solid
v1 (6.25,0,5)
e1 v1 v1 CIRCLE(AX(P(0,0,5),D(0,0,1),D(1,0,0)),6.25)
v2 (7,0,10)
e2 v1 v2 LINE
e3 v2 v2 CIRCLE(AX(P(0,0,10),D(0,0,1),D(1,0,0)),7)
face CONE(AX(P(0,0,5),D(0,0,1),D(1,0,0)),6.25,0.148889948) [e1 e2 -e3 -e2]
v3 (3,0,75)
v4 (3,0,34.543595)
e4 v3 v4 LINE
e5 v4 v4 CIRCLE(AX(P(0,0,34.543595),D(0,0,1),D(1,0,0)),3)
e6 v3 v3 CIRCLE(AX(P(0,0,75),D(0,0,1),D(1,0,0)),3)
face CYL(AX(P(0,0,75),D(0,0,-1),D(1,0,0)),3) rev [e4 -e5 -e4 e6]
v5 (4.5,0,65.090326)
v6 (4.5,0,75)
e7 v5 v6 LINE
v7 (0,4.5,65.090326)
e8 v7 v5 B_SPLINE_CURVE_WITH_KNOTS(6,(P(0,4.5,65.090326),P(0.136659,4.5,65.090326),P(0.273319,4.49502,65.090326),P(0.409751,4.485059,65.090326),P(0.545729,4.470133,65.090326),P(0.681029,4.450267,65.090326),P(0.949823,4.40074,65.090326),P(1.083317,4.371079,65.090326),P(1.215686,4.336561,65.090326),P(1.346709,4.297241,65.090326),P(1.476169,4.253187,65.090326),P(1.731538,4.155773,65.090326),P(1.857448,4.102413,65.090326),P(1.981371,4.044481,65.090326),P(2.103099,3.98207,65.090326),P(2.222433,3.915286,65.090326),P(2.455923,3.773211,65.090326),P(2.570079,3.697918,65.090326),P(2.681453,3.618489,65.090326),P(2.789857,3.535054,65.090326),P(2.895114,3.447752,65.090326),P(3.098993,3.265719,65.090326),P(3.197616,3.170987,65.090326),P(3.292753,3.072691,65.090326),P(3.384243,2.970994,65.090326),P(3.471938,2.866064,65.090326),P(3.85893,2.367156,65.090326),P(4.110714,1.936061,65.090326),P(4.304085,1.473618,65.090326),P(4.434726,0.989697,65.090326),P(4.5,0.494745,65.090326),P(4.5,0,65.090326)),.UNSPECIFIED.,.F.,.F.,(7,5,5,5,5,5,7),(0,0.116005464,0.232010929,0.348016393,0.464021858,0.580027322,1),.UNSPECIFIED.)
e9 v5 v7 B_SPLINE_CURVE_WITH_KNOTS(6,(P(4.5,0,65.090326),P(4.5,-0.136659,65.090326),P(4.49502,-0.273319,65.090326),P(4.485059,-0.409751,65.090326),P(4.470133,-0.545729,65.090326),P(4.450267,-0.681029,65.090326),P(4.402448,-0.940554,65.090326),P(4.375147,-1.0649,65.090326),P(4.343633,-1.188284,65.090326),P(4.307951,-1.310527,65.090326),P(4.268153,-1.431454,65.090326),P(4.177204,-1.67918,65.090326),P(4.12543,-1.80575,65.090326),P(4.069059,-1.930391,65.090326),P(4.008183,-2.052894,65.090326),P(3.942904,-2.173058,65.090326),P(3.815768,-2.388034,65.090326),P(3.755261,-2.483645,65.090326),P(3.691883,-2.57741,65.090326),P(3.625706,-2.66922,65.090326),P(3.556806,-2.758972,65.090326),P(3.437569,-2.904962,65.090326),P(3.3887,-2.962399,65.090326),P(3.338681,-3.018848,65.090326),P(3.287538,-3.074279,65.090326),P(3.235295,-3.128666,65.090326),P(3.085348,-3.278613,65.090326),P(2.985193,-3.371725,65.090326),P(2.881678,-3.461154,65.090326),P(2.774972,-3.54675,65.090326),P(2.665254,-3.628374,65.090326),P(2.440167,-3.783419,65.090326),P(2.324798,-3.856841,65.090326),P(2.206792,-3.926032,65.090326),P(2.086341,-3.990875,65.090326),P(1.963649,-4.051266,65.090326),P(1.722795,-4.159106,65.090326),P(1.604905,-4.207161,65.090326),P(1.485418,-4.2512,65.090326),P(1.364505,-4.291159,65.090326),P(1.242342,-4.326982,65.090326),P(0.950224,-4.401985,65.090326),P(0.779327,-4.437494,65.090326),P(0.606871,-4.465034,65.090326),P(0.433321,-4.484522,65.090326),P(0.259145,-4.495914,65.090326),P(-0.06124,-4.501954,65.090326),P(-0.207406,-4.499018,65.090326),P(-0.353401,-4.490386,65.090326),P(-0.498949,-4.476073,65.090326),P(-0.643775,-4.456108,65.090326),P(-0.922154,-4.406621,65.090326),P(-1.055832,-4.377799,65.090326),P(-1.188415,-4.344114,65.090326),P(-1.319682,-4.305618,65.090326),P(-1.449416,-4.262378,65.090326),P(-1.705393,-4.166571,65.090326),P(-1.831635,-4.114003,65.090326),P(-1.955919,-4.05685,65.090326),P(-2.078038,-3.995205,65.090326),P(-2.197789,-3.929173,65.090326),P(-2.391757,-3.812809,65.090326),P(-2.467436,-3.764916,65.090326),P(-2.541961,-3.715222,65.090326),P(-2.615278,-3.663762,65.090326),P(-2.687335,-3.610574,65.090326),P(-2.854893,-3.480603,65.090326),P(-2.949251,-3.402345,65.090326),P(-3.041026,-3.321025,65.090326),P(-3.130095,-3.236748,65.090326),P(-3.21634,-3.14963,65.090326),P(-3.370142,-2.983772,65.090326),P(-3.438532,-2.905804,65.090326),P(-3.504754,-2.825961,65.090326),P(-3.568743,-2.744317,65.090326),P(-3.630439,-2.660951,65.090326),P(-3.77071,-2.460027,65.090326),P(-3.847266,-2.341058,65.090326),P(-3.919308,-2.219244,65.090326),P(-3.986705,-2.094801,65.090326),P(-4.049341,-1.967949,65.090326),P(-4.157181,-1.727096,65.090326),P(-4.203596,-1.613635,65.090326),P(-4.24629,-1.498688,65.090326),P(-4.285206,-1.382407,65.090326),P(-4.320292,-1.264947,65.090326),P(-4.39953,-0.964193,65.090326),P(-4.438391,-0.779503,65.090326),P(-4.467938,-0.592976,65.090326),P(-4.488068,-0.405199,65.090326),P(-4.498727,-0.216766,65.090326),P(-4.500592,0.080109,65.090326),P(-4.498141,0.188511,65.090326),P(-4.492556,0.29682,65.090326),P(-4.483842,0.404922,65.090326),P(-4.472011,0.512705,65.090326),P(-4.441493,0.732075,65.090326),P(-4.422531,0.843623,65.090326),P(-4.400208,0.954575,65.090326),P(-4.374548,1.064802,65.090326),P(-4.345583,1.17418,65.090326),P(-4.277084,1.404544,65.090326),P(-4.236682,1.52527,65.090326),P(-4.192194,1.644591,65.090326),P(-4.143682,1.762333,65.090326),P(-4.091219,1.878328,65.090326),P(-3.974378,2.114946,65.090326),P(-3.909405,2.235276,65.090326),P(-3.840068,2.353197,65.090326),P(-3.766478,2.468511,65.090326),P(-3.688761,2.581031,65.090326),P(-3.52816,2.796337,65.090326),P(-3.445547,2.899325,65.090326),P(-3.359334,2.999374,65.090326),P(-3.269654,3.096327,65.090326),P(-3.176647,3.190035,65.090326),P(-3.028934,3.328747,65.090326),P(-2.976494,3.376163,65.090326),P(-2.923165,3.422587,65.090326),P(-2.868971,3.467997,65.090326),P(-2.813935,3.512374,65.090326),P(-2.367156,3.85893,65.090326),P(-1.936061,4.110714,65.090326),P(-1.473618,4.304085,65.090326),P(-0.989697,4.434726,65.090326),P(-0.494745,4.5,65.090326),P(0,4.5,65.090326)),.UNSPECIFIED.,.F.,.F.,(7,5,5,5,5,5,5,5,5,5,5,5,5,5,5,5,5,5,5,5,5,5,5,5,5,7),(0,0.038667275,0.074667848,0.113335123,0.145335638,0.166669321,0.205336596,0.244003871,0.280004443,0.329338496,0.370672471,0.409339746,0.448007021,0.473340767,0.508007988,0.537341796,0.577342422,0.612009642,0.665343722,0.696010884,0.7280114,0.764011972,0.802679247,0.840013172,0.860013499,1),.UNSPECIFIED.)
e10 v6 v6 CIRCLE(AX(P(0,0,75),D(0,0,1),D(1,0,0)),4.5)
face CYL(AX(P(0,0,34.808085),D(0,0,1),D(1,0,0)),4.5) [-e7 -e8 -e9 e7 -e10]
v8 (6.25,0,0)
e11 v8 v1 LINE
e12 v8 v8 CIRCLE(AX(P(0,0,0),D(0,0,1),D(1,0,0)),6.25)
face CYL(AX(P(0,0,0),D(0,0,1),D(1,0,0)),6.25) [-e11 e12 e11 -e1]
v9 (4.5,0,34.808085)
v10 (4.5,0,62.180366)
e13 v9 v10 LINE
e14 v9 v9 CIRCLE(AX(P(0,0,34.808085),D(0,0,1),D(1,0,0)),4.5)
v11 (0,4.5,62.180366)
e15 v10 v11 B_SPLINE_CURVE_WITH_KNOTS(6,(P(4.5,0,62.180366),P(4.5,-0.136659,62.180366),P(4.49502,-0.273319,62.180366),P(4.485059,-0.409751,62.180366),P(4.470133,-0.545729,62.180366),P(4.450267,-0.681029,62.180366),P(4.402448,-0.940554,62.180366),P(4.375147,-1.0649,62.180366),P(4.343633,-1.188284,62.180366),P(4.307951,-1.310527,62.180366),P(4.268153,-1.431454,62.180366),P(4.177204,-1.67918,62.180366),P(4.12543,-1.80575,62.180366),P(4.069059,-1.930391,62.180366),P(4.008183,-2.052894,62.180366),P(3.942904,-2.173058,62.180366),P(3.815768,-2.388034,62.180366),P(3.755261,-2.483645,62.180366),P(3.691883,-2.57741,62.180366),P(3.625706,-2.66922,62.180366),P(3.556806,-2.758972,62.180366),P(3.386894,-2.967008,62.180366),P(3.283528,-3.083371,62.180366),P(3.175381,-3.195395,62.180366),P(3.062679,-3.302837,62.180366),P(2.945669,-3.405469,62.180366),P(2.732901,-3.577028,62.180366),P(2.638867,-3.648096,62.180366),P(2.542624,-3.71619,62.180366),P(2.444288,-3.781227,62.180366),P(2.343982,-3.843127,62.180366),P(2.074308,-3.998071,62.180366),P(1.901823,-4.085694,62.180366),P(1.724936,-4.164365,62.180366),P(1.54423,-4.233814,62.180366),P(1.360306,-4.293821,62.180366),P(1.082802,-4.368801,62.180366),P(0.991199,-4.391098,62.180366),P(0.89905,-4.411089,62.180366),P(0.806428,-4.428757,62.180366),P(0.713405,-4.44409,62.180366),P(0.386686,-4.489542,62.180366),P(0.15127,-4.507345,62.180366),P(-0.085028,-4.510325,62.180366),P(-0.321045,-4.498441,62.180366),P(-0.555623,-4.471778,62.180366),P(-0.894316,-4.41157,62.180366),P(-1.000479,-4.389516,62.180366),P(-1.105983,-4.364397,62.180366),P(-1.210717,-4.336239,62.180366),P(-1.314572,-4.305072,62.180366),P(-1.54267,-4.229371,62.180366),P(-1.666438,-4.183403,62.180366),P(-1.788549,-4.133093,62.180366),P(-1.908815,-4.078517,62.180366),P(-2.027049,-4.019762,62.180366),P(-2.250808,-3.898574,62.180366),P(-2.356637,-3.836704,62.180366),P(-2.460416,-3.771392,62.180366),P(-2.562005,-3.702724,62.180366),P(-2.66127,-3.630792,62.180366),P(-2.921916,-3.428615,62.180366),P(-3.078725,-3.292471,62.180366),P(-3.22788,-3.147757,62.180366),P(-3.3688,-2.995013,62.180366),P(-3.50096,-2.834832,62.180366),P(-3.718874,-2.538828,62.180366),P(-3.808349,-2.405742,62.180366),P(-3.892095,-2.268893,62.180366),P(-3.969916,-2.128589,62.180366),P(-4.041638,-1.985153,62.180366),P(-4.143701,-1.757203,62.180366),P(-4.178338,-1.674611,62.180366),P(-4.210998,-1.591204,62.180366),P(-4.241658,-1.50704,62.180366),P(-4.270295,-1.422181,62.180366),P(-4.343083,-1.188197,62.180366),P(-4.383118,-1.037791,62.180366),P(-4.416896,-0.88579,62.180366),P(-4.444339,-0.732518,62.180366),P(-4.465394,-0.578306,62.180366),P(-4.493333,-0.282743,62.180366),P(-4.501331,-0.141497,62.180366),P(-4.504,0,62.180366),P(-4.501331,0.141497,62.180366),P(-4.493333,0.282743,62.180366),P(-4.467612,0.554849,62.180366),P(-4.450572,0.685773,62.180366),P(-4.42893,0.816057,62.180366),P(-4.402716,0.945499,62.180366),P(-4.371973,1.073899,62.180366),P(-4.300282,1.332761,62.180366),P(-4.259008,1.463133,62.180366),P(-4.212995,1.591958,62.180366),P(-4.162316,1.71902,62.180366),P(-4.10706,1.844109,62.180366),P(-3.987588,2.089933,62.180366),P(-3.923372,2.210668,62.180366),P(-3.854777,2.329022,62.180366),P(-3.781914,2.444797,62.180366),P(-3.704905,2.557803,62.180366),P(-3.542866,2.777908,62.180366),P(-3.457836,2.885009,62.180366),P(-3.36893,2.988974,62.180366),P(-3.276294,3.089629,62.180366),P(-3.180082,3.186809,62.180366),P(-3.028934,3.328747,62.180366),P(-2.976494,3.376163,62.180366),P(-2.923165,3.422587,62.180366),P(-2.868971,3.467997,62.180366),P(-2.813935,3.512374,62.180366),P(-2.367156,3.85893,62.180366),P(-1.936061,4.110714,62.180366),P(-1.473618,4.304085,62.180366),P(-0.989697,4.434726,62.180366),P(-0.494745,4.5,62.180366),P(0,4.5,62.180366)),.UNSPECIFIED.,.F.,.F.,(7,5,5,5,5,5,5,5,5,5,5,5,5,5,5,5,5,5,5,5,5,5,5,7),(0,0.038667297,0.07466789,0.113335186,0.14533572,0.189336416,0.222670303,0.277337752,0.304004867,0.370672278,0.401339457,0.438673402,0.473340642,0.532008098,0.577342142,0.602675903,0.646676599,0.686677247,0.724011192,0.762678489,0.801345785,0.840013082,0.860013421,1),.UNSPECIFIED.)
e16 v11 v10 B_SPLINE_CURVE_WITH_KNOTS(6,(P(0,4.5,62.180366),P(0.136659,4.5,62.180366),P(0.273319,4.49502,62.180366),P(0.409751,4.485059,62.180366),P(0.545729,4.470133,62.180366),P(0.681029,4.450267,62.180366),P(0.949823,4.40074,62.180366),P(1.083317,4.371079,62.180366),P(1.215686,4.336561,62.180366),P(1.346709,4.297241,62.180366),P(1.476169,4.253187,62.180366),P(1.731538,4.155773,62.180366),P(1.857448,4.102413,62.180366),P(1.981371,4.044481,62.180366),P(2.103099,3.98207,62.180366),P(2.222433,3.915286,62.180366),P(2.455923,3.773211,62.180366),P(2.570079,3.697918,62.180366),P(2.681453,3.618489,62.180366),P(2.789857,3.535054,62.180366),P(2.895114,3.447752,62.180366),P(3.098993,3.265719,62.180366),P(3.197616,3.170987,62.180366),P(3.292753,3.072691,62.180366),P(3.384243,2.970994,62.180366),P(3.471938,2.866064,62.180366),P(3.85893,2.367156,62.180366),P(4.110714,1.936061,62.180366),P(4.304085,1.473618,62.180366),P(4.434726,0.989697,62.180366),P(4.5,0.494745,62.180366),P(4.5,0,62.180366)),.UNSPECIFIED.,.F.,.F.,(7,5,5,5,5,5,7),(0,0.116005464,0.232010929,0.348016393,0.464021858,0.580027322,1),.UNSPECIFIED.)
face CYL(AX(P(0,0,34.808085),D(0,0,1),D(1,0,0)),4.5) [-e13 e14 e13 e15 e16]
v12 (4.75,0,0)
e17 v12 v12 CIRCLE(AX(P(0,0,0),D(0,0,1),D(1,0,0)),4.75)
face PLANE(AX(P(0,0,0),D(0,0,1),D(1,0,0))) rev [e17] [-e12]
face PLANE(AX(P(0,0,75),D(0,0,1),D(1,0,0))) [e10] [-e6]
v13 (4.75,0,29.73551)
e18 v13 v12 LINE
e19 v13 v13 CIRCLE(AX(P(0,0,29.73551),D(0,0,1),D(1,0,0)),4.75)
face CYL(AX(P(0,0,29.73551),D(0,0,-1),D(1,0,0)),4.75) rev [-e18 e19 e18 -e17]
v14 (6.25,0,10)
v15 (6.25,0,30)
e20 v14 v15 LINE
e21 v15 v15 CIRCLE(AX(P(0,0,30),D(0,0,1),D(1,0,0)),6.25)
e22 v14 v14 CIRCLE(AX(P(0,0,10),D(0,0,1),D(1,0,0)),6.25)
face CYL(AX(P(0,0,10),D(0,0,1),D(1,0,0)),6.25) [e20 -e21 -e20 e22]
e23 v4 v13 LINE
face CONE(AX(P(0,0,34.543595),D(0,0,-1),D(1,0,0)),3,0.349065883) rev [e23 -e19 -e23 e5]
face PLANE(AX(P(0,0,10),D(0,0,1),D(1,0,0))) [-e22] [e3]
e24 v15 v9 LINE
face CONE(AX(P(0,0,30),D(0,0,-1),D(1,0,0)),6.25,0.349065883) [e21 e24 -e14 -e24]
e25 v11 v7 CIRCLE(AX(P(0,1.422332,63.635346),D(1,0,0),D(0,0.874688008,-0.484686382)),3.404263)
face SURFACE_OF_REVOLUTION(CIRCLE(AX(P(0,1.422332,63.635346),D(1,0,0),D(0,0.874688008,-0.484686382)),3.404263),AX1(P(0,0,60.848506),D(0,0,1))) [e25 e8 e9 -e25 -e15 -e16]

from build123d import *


with BuildPart() as f1:
    # F0 (on Front) → F1 (revolve)
    with BuildSketch(Plane.XZ):
        Polygon((4.75, 0), (6.25, 0), (6.25, 5), (7, 10), (6.25, 10), (6.25, 30), (4.5, 34.808085), (4.5, 75), (3, 75), (3, 34.543595), (4.75, 29.73551), align=None)
    revolve(axis=Axis((0, 0, 35.781112), (0, 0, 1)))

    # F2 (on Right) → F3 (revolve)
    with BuildSketch(Plane.YZ):
        with BuildLine():
            Line((4.4, 65.285346), (4.4, 61.985346))
            ThreePointArc((4.4, 61.985346), (4.826595, 63.635346), (4.4, 65.285346))
        make_face()
    revolve(axis=Axis((0, 0, 60.848506), (0, 0, 1)))


solid = f1.part
